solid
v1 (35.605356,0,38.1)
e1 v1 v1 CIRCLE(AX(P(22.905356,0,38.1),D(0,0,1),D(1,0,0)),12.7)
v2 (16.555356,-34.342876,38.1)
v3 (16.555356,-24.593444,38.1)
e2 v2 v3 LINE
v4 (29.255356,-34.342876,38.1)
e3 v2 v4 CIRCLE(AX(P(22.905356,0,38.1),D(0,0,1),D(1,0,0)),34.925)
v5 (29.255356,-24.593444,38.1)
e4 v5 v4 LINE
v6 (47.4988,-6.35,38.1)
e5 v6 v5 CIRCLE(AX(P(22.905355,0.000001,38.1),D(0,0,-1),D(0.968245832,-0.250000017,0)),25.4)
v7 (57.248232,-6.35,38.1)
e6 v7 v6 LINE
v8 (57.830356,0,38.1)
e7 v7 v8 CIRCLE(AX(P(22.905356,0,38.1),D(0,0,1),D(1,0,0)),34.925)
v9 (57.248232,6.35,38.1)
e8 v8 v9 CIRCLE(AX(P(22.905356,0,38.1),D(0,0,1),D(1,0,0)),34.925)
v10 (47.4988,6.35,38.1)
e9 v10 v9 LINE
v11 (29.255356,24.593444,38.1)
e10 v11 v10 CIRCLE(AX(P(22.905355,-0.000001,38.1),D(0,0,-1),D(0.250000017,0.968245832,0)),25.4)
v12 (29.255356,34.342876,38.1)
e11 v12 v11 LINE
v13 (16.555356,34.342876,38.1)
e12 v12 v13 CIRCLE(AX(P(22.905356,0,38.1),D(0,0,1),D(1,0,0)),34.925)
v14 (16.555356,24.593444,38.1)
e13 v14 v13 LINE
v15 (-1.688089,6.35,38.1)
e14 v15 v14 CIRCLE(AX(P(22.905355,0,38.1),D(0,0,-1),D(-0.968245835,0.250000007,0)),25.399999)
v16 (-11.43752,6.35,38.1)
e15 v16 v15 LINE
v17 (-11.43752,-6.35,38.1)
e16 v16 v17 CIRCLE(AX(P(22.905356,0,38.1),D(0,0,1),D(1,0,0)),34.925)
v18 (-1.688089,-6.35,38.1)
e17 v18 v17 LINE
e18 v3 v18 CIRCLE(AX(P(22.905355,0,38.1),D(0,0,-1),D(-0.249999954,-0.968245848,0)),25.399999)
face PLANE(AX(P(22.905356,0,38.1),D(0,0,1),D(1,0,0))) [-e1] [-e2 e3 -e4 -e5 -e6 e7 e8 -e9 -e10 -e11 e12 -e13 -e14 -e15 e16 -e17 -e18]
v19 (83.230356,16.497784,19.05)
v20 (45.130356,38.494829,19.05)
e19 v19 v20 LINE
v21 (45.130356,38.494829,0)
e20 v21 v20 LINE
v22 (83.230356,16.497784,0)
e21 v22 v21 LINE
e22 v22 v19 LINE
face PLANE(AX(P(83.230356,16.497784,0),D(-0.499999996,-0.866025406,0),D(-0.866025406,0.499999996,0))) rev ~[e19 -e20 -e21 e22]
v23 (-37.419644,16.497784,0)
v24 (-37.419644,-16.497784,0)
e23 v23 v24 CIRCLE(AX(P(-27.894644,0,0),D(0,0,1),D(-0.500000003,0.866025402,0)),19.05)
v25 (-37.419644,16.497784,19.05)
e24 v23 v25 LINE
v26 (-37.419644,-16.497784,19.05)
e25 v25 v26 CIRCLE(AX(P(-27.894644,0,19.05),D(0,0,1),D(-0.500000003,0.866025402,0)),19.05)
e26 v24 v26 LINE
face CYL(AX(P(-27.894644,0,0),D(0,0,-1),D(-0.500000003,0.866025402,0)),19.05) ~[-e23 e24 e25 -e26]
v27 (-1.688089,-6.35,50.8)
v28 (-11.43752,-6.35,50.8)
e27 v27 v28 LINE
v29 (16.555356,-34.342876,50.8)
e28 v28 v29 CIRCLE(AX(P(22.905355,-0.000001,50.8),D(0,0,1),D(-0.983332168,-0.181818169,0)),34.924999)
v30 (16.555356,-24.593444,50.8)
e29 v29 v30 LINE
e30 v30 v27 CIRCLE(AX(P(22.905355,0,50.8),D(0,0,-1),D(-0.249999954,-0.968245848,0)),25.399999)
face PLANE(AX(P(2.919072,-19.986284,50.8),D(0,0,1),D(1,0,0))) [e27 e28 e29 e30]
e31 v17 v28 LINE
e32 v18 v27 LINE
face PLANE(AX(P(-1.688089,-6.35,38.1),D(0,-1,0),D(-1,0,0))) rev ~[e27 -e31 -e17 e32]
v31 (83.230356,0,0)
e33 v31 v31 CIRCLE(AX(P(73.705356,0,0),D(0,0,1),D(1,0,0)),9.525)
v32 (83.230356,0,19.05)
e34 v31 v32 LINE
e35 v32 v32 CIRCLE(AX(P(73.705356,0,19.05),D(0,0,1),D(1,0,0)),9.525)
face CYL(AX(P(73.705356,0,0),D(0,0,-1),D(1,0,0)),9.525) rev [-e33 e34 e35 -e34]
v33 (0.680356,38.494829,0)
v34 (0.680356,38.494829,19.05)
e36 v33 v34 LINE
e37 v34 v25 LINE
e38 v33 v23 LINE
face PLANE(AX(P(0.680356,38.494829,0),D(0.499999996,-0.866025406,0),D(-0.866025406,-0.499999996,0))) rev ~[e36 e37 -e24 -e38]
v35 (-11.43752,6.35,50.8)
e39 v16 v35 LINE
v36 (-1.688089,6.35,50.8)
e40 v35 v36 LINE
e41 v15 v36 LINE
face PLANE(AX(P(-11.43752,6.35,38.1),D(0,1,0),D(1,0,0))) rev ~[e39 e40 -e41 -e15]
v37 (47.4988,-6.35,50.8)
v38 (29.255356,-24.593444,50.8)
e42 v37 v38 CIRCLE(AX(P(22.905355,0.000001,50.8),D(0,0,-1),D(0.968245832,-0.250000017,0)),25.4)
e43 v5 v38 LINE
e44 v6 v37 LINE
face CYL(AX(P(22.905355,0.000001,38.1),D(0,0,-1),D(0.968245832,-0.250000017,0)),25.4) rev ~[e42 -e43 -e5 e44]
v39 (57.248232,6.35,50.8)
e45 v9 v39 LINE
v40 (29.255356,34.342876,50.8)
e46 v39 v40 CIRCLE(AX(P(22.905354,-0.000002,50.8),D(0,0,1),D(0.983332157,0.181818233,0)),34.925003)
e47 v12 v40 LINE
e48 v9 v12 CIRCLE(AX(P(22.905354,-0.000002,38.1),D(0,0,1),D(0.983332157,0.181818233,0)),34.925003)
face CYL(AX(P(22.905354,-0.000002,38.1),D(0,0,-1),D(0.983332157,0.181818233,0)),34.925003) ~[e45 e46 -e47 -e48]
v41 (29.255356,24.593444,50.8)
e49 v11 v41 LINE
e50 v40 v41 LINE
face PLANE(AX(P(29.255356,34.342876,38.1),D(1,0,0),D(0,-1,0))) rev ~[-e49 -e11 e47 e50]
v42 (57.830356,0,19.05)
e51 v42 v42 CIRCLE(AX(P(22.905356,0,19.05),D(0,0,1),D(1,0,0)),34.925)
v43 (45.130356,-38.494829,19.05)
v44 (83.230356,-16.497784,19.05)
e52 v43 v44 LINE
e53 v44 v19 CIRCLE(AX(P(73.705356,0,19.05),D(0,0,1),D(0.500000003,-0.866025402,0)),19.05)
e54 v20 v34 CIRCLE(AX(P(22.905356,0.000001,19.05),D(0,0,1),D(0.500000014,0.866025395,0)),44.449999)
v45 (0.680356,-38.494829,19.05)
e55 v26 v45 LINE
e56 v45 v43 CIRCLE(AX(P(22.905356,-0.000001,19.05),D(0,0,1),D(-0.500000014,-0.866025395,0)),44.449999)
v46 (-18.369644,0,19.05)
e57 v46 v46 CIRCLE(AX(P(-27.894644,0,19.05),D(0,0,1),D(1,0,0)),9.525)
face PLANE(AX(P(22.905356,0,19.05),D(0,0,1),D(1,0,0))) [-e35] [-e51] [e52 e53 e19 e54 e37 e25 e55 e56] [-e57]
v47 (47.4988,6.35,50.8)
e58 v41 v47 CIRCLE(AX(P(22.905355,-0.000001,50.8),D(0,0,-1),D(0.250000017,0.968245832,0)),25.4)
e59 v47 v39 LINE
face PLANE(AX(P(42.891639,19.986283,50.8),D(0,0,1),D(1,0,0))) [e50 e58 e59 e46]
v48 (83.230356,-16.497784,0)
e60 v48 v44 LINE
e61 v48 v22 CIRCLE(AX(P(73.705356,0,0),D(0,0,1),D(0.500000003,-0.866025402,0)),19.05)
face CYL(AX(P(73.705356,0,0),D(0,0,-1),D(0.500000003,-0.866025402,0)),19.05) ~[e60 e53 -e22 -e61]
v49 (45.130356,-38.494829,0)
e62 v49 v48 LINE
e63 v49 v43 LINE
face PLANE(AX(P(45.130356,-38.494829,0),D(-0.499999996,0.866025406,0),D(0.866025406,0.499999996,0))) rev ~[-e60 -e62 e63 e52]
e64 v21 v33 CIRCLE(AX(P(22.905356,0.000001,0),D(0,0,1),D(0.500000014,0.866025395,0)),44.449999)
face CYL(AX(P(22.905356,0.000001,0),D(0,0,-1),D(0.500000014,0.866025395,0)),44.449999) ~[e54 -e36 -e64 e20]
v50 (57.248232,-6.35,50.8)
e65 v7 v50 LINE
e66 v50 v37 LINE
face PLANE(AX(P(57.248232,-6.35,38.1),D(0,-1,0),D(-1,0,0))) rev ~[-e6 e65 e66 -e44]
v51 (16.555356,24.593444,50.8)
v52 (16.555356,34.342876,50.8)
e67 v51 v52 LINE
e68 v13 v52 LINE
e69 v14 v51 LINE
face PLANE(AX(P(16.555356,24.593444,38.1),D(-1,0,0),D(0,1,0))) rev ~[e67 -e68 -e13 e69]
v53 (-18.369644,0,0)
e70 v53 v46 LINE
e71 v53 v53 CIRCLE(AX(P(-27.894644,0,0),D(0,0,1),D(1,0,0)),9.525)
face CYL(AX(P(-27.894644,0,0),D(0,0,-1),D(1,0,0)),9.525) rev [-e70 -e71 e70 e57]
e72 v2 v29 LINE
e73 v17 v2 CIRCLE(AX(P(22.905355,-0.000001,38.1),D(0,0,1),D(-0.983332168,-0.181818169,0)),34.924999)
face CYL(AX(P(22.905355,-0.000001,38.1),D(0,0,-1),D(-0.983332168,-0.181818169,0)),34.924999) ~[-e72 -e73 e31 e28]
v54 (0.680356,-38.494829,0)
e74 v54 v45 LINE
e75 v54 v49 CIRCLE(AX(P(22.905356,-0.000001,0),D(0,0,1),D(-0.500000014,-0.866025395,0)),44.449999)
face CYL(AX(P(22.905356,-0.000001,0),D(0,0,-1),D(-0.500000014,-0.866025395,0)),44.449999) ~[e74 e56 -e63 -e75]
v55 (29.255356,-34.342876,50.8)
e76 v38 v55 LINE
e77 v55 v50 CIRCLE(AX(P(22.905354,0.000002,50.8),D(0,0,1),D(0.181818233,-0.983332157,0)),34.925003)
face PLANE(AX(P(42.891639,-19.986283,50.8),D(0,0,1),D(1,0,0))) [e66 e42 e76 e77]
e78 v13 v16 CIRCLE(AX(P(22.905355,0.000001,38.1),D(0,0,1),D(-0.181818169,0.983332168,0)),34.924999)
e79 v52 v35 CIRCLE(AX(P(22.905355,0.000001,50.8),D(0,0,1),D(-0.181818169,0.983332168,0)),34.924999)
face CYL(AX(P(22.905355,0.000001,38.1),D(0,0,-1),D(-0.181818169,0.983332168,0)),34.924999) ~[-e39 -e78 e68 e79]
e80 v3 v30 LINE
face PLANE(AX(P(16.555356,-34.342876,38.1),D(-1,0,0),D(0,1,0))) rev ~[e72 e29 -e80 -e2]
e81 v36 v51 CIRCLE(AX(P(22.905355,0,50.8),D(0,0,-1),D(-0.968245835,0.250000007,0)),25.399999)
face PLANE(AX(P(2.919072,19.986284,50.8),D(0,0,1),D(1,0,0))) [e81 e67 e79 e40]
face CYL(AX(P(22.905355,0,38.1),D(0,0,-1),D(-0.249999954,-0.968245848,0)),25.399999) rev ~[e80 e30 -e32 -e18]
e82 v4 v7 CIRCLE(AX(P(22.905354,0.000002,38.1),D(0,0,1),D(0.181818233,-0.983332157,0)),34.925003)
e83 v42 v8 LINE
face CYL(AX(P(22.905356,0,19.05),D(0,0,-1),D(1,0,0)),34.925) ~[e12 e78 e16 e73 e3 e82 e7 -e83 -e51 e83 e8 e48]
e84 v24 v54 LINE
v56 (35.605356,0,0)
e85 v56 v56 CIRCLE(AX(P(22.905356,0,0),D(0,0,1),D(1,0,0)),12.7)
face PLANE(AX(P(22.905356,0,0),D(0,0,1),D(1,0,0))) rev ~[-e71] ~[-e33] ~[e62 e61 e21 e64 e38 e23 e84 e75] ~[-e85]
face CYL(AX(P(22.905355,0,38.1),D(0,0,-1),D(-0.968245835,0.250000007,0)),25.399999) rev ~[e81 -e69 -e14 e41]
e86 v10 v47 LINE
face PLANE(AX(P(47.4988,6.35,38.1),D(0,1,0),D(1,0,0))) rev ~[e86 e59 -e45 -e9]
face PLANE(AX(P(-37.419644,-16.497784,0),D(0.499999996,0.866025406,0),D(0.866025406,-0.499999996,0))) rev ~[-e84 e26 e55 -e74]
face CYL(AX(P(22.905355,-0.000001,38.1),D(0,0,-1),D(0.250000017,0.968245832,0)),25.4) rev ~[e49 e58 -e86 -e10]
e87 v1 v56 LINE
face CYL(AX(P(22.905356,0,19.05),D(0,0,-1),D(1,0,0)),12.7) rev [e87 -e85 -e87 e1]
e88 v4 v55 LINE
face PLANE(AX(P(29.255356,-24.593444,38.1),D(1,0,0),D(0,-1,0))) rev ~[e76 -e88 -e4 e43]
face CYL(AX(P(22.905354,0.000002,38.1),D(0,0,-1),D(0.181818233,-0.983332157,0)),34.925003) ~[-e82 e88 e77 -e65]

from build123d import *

# Parameters (mm, degrees)
F0_R     = 9.525
F0_R_2   = 12.7
F1_DEPTH = 19.05
F2_R     = 34.925
F2_R_2   = 12.7
F3_DEPTH = 19.05
F5_DEPTH = 12.7


with BuildPart() as f1:
    # F0 (on Top) → F1 (new body)
    with BuildSketch(Plane.XY):
        with BuildLine():
            Line((-37.419644, -16.497784), (0.680356, -38.494829))
            ThreePointArc((0.680356, -38.494829), (22.905356, -44.45), (45.130356, -38.494829))
            Line((45.130356, -38.494829), (83.230356, -16.497784))
            ThreePointArc((83.230356, -16.497784), (92.755356, 0), (83.230356, 16.497784))
            Line((83.230356, 16.497784), (45.130356, 38.494829))
            ThreePointArc((45.130356, 38.494829), (22.905356, 44.45), (0.680356, 38.494829))
            Line((0.680356, 38.494829), (-37.419644, 16.497784))
            ThreePointArc((-37.419644, 16.497784), (-46.944644, 0), (-37.419644, -16.497784))
        make_face()
        with Locations((-27.894644, 0)):
            Circle(F0_R, mode=Mode.SUBTRACT)
        with Locations((22.905356, 0)):
            Circle(F0_R_2, mode=Mode.SUBTRACT)
        with Locations((73.705356, 0)):
            Circle(F0_R, mode=Mode.SUBTRACT)
    extrude(amount=F1_DEPTH)

    # F2 (on face) → F3 (join)
    with BuildSketch(Plane.XY.offset(19.05)):
        with Locations((22.905356, 0)):
            Circle(F2_R)
        with Locations((22.905356, 0)):
            Circle(F2_R_2, mode=Mode.SUBTRACT)
    extrude(amount=F3_DEPTH)

    # F4 (on face) → F5 (join)
    with BuildSketch(Plane.XY.offset(38.1)):
        with BuildLine():
            Line((53.067856, 6.35), (57.248232, 6.35))
            ThreePointArc((57.248232, 6.35), (47.60106, 24.695704), (29.255356, 34.342876))
            Line((29.255356, 34.342876), (29.255356, 30.1625))
            Line((29.255356, 30.1625), (29.255356, 24.593444))
            ThreePointArc((29.255356, 24.593444), (40.865868, 17.960512), (47.4988, 6.35))
            Line((47.4988, 6.35), (53.067856, 6.35))
        make_face()
        with BuildLine():
            Line((29.255356, -24.593444), (29.255356, -30.1625))
            Line((29.255356, -30.1625), (29.255356, -34.342876))
            ThreePointArc((29.255356, -34.342876), (47.60106, -24.695704), (57.248232, -6.35))
            Line((57.248232, -6.35), (53.067856, -6.35))
            Line((53.067856, -6.35), (47.4988, -6.35))
            ThreePointArc((47.4988, -6.35), (40.865868, -17.960512), (29.255356, -24.593444))
        make_face()
        with BuildLine():
            Line((16.555356, -34.342876), (16.555356, -30.1625))
            Line((16.555356, -30.1625), (16.555356, -24.593444))
            ThreePointArc((16.555356, -24.593444), (4.944843, -17.960512), (-1.688089, -6.35))
            Line((-1.688089, -6.35), (-7.257144, -6.35))
            Line((-7.257144, -6.35), (-11.43752, -6.35))
            ThreePointArc((-11.43752, -6.35), (-1.790349, -24.695704), (16.555356, -34.342876))
        make_face()
        with BuildLine():
            Line((-11.43752, 6.35), (-7.257144, 6.35))
            Line((-7.257144, 6.35), (-1.688089, 6.35))
            ThreePointArc((-1.688089, 6.35), (4.944843, 17.960512), (16.555356, 24.593444))
            Line((16.555356, 24.593444), (16.555356, 30.1625))
            Line((16.555356, 30.1625), (16.555356, 34.342876))
            ThreePointArc((16.555356, 34.342876), (-1.790349, 24.695704), (-11.43752, 6.35))
        make_face()
    extrude(amount=F5_DEPTH)


solid = f1.part
